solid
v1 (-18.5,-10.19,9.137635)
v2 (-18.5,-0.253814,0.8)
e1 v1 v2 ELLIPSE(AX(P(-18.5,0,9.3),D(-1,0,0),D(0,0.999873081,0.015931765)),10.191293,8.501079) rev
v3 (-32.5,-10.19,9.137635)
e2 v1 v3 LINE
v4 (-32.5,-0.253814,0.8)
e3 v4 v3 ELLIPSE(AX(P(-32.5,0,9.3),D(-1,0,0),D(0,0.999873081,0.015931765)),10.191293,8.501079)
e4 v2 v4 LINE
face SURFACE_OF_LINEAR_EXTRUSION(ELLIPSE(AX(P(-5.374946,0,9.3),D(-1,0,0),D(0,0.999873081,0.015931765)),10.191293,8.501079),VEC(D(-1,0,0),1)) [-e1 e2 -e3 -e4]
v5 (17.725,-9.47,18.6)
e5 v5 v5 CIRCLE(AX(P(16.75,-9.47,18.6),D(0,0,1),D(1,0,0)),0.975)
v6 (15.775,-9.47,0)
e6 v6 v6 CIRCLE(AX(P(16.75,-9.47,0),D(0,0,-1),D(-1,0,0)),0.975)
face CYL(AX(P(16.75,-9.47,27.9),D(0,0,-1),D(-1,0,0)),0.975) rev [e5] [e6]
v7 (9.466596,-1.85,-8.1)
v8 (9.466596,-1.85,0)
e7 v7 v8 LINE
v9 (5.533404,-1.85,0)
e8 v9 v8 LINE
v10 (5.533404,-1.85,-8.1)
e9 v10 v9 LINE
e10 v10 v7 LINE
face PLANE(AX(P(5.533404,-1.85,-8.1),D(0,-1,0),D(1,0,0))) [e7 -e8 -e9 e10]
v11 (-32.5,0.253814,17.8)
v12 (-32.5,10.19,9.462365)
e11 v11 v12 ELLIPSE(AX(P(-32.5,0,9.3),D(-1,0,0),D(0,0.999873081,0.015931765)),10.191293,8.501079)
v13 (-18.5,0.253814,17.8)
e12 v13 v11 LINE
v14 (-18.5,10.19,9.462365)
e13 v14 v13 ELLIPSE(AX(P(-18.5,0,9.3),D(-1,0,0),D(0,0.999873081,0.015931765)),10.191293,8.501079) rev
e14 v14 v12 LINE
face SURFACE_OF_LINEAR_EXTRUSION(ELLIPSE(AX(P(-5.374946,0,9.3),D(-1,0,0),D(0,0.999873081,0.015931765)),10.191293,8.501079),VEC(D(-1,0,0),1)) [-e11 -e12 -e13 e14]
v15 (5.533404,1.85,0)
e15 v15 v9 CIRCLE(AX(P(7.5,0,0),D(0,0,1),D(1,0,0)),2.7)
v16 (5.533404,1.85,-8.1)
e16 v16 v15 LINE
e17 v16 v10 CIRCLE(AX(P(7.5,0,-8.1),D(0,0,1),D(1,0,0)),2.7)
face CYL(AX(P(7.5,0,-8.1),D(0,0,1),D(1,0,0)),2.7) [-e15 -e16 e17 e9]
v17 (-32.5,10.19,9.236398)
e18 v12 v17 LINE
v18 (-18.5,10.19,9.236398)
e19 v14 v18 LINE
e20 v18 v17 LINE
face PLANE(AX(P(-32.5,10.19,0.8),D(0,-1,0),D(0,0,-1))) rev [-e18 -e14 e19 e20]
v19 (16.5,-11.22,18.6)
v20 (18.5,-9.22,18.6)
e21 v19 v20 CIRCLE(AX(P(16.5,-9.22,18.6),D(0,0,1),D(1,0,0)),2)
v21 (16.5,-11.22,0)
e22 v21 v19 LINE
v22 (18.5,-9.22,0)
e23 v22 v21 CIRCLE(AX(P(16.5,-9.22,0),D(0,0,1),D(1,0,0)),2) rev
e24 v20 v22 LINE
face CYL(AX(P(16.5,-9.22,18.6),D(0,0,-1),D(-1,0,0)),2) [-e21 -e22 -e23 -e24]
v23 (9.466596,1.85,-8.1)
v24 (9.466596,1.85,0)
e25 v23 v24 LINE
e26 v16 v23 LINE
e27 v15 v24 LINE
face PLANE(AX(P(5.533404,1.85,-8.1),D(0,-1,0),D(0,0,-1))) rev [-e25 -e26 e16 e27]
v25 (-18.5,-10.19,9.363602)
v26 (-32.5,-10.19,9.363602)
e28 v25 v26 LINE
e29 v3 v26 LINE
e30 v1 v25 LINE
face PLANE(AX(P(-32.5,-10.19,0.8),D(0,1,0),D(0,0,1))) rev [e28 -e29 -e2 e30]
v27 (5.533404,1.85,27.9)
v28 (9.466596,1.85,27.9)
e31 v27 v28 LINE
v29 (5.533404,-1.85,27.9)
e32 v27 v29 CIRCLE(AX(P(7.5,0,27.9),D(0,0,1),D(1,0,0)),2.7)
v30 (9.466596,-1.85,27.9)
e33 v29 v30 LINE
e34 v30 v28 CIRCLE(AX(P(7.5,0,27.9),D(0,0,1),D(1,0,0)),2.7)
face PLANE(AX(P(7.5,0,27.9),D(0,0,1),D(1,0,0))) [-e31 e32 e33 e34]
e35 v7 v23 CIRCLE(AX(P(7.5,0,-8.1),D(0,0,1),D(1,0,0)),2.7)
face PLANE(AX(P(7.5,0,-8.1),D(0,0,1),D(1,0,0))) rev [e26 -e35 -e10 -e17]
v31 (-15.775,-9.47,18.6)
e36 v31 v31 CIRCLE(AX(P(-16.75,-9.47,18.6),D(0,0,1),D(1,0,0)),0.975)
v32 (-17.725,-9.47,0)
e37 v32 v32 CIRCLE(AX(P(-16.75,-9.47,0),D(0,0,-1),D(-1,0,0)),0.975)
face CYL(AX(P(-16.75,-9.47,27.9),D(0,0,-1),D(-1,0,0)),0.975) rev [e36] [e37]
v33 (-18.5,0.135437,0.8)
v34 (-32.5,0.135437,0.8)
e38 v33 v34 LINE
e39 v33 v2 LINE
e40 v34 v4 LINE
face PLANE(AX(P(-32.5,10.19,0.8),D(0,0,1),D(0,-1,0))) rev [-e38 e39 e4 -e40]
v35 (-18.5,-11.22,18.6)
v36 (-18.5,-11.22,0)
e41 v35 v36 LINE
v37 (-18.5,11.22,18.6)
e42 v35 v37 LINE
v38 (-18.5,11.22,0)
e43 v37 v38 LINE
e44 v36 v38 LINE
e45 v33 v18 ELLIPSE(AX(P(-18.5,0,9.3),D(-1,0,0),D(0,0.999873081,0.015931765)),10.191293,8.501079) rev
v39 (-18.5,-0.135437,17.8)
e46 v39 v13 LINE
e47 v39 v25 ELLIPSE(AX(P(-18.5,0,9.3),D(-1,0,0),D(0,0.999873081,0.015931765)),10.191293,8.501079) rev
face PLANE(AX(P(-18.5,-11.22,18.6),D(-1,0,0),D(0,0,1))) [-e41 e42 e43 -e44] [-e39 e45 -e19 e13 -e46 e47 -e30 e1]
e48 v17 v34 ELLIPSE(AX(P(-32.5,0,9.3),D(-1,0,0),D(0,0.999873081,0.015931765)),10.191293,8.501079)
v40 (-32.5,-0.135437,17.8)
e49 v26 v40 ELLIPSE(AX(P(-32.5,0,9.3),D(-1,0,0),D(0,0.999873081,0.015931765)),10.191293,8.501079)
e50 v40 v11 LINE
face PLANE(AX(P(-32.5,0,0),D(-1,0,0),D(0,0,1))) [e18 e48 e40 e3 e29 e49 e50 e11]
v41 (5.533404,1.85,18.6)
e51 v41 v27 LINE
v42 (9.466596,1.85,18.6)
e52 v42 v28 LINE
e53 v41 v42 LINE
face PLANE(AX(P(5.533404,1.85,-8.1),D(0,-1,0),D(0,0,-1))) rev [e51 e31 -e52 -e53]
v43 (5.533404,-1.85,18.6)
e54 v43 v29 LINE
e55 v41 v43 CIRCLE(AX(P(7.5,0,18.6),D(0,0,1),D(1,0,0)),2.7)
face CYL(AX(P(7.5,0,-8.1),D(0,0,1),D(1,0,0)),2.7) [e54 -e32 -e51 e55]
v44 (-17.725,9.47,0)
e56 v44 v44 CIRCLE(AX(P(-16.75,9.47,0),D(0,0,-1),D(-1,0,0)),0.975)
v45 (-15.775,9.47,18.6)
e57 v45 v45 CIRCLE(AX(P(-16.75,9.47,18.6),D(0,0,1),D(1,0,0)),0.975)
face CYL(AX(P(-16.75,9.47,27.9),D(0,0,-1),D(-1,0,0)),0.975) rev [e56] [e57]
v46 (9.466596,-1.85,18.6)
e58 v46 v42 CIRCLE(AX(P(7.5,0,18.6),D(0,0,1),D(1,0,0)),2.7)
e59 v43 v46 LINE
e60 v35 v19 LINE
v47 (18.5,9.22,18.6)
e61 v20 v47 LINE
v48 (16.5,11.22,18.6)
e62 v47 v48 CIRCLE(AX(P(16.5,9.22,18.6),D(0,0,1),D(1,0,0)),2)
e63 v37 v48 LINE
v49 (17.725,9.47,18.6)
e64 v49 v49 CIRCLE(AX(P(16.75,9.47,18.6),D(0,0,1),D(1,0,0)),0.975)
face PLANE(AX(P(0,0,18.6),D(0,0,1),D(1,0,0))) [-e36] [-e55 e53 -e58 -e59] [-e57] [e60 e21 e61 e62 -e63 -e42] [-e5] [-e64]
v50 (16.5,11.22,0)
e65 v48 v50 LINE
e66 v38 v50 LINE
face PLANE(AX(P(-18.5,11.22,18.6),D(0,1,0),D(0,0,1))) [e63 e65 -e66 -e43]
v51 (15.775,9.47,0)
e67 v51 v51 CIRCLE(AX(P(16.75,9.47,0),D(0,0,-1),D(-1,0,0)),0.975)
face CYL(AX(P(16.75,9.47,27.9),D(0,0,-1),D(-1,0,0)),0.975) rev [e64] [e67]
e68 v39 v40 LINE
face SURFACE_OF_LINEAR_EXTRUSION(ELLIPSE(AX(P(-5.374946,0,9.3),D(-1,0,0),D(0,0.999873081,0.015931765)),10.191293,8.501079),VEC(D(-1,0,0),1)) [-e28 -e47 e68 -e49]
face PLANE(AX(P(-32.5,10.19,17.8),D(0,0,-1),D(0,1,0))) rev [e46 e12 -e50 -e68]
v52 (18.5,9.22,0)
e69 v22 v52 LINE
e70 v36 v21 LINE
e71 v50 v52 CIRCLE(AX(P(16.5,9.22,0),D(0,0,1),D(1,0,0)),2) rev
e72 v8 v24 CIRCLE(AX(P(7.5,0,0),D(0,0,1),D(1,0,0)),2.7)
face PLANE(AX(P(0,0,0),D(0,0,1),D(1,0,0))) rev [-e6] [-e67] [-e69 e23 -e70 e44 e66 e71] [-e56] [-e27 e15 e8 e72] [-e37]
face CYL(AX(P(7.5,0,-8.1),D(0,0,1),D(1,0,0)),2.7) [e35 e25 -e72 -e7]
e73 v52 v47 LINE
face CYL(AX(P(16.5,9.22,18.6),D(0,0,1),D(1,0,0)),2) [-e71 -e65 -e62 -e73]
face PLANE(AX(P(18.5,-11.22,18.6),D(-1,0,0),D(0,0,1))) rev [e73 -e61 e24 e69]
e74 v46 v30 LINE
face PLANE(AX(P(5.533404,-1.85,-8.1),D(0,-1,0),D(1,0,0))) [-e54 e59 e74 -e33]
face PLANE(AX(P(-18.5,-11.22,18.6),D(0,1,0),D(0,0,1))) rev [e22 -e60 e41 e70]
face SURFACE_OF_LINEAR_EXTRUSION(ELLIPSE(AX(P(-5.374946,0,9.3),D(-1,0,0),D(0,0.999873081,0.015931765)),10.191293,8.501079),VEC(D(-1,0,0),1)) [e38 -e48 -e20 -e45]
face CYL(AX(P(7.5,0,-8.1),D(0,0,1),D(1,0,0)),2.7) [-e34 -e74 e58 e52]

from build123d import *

# Parameters (mm, degrees)
SKETCH1_W                = 37
SKETCH1_H                = 22.44
BOSS_EXTRUDE1_DEPTH      = 18.6
FILLET1_R                = 2
SKETCH2_W                = 17
SKETCH2_H                = 20.38
BOSS_EXTRUDE2_DEPTH      = 14
BOSS_EXTRUDE3_DEPTH      = 9.3
BOSS_EXTRUDE3_DEPTH_BACK = 26.7
CUT_EXTRUDE1_DEPTH       = 14
SKETCH5_R                = 0.975
CUT_EXTRUDE2_DEPTH       = 45.278080455


with BuildPart() as part:
    # Sketch1 → Boss-Extrude1 (new body)
    with BuildSketch(Plane.XY):
        Rectangle(SKETCH1_W, SKETCH1_H)
    extrude(amount=BOSS_EXTRUDE1_DEPTH)

    # Fillet1
    fillet1_edges = [part.edges().sort_by_distance(p)[0] for p in [
        (18.5, 11.22, 9.3),
        (18.5, -11.22, 9.3),
    ]]
    fillet(fillet1_edges, radius=FILLET1_R)

    # Sketch2 → Boss-Extrude2 (add)
    with BuildSketch(Plane.ZY.offset(18.5)):
        with Locations((9.3, 0)):
            Rectangle(SKETCH2_W, SKETCH2_H)
    extrude(amount=BOSS_EXTRUDE2_DEPTH)

    # Sketch3 → Boss-Extrude3 (add, two sides: drawn at the far end of the back side and taken through both)
    with BuildSketch(Plane.XY.offset(18.6).offset(-BOSS_EXTRUDE3_DEPTH_BACK)):
        with BuildLine():
            Line((5.533403956, 1.85), (9.466596044, 1.85))
            ThreePointArc((9.466596044, 1.85), (10.2, 0), (9.466596044, -1.85))
            Line((9.466596044, -1.85), (5.533403956, -1.85))
            ThreePointArc((5.533403956, -1.85), (4.8, 0), (5.533403956, 1.85))
        make_face()
    extrude(amount=BOSS_EXTRUDE3_DEPTH + BOSS_EXTRUDE3_DEPTH_BACK)

    # Sketch4 → Cut-Extrude1 (cut)
    with BuildSketch(Plane.ZY.offset(32.5)):
        with BuildLine():
            Line((0.8, 10.19), (0.8, 0.135437192))
            add(Edge.make_bspline(
                [(9.236397672, 10.19), (0.95810585, 10.058115826), (0.8, 0.135437192)],
                knots=[0.026580808, 0.026580808, 0.026580808, 1.570796327, 1.570796327, 1.570796327], degree=2, weights=[1, 0.71644179, 1]))
            Line((9.236397672, 10.19), (0.8, 10.19))
        make_face()
        with BuildLine():
            Line((17.8, 10.19), (9.462365292, 10.19))
            add(Edge.make_bspline(
                [(17.8, 0.25381428), (17.64372138, 10.059640013), (9.462365292, 10.19)],
                knots=[4.750587933, 4.750587933, 4.750587933, 6.283185307, 6.283185307, 6.283185307], degree=2, weights=[1, 0.72048236, 1]))
            Line((17.8, 0.25381428), (17.8, 10.19))
        make_face()
        with BuildLine():
            add(Edge.make_bspline(
                [(9.363602328, -10.19), (17.64189415, -10.058115826), (17.8, -0.135437192)],
                knots=[3.168173462, 3.168173462, 3.168173462, 4.71238898, 4.71238898, 4.71238898], degree=2, weights=[1, 0.71644179, 1]))
            Line((9.363602328, -10.19), (17.8, -10.19))
            Line((17.8, -10.19), (17.8, -0.135437192))
        make_face()
        with BuildLine():
            add(Edge.make_bspline(
                [(0.8, -0.25381428), (0.95627862, -10.059640013), (9.137634708, -10.19)],
                knots=[1.608995279, 1.608995279, 1.608995279, 3.141592654, 3.141592654, 3.141592654], degree=2, weights=[1, 0.72048236, 1]))
            Line((0.8, -0.25381428), (0.8, -10.19))
            Line((0.8, -10.19), (9.137634708, -10.19))
        make_face()
    extrude(amount=-CUT_EXTRUDE1_DEPTH, mode=Mode.SUBTRACT)

    # Sketch5 → Cut-Extrude2 (cut, through all)
    with BuildSketch(Plane(origin=(0, 0, 0), x_dir=(-1, 0, 0), z_dir=(0, 0, -1))):
        with Locations((-16.75, 9.47)):
            Circle(SKETCH5_R)
        with Locations((-16.75, -9.47)):
            Circle(SKETCH5_R)
        with Locations((16.75, -9.47)):
            Circle(SKETCH5_R)
        with Locations((16.75, 9.47)):
            Circle(SKETCH5_R)
    extrude(amount=-CUT_EXTRUDE2_DEPTH, mode=Mode.SUBTRACT)


solid = part.part
